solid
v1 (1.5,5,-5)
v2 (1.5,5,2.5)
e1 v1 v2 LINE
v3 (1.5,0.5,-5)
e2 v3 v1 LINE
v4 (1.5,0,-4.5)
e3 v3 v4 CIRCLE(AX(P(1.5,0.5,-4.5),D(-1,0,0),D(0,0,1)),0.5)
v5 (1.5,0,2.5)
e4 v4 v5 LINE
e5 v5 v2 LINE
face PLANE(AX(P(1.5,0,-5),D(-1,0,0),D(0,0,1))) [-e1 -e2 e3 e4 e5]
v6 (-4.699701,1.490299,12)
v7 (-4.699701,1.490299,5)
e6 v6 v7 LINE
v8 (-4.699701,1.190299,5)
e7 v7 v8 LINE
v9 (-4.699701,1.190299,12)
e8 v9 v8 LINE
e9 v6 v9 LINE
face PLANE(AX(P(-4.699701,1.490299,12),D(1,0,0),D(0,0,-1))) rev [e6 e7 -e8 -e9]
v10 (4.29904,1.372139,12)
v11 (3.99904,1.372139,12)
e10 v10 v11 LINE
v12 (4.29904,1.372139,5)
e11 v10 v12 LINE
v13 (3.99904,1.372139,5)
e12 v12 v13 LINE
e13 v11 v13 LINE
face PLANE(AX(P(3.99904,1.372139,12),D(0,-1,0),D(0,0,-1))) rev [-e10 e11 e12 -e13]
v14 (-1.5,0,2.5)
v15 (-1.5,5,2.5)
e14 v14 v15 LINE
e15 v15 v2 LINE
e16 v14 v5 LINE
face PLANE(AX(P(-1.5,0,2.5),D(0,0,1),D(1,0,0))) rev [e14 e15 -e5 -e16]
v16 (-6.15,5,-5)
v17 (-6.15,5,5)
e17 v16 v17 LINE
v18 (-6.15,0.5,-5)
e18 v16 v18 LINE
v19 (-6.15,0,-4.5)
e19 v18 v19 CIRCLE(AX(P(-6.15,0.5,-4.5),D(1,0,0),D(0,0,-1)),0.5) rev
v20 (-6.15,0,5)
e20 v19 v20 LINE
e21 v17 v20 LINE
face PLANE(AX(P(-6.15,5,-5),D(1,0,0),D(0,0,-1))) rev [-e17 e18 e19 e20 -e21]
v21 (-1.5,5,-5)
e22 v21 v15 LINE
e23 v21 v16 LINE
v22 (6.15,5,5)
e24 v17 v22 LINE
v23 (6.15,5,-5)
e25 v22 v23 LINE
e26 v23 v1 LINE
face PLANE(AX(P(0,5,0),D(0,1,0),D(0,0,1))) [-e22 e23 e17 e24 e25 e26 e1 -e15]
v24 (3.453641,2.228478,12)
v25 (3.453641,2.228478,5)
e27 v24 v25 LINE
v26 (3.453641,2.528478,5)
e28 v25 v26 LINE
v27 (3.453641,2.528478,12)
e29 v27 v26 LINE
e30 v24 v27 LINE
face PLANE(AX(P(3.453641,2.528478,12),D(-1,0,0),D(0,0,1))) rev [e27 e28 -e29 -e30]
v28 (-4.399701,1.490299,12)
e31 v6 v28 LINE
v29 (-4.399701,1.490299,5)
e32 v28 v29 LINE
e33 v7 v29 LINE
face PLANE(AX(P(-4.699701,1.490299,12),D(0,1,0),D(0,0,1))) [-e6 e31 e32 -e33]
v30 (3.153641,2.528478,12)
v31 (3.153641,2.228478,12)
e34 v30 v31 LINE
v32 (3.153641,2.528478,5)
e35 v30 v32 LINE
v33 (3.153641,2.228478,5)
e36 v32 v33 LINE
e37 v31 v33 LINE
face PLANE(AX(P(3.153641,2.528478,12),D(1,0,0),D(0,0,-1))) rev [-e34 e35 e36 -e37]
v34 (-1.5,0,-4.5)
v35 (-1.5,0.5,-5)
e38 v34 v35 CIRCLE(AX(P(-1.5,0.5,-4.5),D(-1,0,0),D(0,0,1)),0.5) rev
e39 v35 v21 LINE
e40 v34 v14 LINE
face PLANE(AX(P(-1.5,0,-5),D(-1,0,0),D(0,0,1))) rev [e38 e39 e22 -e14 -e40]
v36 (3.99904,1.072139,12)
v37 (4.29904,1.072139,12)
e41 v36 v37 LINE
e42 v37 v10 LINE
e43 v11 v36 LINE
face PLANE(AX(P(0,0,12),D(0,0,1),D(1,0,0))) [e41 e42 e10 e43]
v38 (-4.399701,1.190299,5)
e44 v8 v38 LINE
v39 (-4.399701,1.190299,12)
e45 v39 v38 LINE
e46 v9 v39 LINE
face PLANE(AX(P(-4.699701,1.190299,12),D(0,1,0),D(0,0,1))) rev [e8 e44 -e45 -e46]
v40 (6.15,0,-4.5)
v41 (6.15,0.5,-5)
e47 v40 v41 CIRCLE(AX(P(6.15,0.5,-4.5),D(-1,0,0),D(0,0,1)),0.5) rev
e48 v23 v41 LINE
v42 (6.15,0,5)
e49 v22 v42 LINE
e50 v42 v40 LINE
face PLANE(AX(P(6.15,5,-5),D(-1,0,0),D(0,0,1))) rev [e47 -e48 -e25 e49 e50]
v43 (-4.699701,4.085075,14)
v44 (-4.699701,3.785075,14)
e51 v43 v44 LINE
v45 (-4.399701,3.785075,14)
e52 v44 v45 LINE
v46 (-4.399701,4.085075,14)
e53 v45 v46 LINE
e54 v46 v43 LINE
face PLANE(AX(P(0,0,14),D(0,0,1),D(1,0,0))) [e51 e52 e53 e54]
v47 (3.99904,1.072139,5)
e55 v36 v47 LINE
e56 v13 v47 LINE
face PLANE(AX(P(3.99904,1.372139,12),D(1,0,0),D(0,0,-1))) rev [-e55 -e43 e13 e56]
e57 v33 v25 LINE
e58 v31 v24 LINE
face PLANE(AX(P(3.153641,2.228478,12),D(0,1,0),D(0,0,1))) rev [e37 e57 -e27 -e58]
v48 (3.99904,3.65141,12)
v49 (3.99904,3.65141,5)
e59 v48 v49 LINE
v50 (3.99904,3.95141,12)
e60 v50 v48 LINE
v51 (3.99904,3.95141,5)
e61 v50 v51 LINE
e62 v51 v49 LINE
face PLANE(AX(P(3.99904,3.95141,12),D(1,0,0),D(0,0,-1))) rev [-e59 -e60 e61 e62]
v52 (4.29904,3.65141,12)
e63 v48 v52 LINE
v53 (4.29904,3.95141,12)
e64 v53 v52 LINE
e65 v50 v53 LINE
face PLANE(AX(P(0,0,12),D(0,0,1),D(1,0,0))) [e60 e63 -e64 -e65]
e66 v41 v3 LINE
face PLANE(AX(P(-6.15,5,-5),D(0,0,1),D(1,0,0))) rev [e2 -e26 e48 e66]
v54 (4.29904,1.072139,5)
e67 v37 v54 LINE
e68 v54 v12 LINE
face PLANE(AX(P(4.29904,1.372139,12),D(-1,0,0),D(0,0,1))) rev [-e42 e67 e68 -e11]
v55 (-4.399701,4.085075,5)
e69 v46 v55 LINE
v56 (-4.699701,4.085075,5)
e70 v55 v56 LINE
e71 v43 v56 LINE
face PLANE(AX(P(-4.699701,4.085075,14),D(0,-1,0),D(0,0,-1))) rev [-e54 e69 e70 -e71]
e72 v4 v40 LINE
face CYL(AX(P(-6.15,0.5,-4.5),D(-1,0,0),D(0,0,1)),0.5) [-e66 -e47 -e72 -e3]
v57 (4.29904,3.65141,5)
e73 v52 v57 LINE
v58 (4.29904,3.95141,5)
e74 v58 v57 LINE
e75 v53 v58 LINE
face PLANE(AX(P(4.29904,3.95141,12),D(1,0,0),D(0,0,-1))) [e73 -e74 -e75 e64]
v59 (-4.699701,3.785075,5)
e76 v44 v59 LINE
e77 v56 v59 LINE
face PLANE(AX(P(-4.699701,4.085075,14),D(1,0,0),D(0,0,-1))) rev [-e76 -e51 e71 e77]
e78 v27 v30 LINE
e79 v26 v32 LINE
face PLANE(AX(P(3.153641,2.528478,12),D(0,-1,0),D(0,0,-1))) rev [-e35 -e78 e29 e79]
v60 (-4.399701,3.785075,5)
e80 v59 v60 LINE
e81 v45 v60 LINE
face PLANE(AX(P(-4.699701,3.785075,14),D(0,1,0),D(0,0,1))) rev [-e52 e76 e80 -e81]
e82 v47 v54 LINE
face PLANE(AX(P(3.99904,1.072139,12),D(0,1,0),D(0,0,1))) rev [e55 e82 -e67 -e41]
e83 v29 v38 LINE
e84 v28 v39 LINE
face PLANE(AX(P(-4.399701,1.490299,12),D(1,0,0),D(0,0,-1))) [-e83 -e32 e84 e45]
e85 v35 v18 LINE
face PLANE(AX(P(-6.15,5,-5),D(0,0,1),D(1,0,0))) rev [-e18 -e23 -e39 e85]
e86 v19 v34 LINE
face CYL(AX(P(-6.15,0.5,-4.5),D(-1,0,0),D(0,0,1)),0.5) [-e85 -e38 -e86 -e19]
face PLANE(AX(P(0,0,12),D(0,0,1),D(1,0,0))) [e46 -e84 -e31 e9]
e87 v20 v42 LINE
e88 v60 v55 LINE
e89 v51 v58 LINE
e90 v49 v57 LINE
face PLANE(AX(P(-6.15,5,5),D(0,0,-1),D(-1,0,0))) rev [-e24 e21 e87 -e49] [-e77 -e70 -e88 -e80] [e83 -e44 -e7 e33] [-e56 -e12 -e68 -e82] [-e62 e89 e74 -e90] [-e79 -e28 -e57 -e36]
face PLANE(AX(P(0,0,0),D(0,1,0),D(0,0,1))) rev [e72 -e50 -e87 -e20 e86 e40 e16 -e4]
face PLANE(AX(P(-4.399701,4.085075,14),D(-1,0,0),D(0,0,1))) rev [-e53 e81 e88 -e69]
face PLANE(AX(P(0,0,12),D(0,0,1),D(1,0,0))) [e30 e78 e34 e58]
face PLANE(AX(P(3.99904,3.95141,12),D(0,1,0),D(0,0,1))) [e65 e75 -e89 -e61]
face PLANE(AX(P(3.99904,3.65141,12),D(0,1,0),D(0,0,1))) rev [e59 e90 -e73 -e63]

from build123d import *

# Parameters (mm, degrees)
SKETCH1_W           = 12.3
SKETCH1_H           = 10
BOSS_EXTRUDE1_DEPTH = 5
SKETCH2_W           = 1.5
SKETCH2_H           = 7.5
CUT_EXTRUDE1_DEPTH  = 5
LPATTERN1_COUNT     = 2
LPATTERN1_PITCH     = 1.5
FILLET4_R           = 0.5
SKETCH3_W           = 0.3
SKETCH3_H           = 0.3
BOSS_EXTRUDE2_DEPTH = 9
SKETCH4_W           = 0.3
SKETCH4_H           = 0.3
BOSS_EXTRUDE3_DEPTH = 7
SKETCH5_W           = 0.3
SKETCH5_H           = 0.3
BOSS_EXTRUDE4_DEPTH = 7
SKETCH6_W           = 0.3
SKETCH6_H           = 0.3
BOSS_EXTRUDE5_DEPTH = 7
SKETCH7_W           = 0.3
SKETCH7_H           = 0.3
BOSS_EXTRUDE6_DEPTH = 7


with BuildPart() as part:
    # Sketch1 → Boss-Extrude1 (new body)
    with BuildSketch(Plane(origin=(0, 0, 0), x_dir=(1, 0, 0), z_dir=(0, 1, 0))):
        Rectangle(SKETCH1_W, SKETCH1_H)
    extrude(amount=BOSS_EXTRUDE1_DEPTH)

    # Sketch2 → Cut-Extrude1 (cut)
    with BuildSketch(Plane(origin=(0, 5, 0), x_dir=(1, 0, 0), z_dir=(0, 1, 0))):
        with Locations((-0.75, 1.25)):
            Rectangle(SKETCH2_W, SKETCH2_H)
    cut_extrude1 = extrude(amount=-CUT_EXTRUDE1_DEPTH, mode=Mode.SUBTRACT)

    # LPattern1: Cut-Extrude1 ×2
    with Locations(*[(i * LPATTERN1_PITCH, 0, 0) for i in range(1, LPATTERN1_COUNT)]):
        add(cut_extrude1, mode=Mode.SUBTRACT)

    # Fillet4
    fillet4_edges = [part.edges().sort_by_distance(p)[0] for p in [
        (-3.825, 0, -5),
        (3.825, 0, -5),
    ]]
    fillet(fillet4_edges, radius=FILLET4_R)

    # Sketch3 → Boss-Extrude2 (add)
    with BuildSketch(Plane.XY.offset(5)):
        with Locations((-4.549701493, 3.935074627)):
            Rectangle(SKETCH3_W, SKETCH3_H)
    extrude(amount=BOSS_EXTRUDE2_DEPTH)

    # Sketch4 → Boss-Extrude3 (add)
    with BuildSketch(Plane.XY.offset(5)):
        with Locations((-4.549701493, 1.340298507)):
            Rectangle(SKETCH4_W, SKETCH4_H)
    extrude(amount=BOSS_EXTRUDE3_DEPTH)

    # Sketch5 → Boss-Extrude4 (add)
    with BuildSketch(Plane.XY.offset(5)):
        with Locations((4.149040482, 3.801410011)):
            Rectangle(SKETCH5_W, SKETCH5_H)
    extrude(amount=BOSS_EXTRUDE4_DEPTH)

    # Sketch6 → Boss-Extrude5 (add)
    with BuildSketch(Plane.XY.offset(5)):
        with Locations((4.149040482, 1.222139303)):
            Rectangle(SKETCH6_W, SKETCH6_H)
    extrude(amount=BOSS_EXTRUDE5_DEPTH)

    # Sketch7 → Boss-Extrude6 (add)
    with BuildSketch(Plane.XY.offset(5)):
        with Locations((3.303641109, 2.378478397)):
            Rectangle(SKETCH7_W, SKETCH7_H)
    extrude(amount=BOSS_EXTRUDE6_DEPTH)


solid = part.part
